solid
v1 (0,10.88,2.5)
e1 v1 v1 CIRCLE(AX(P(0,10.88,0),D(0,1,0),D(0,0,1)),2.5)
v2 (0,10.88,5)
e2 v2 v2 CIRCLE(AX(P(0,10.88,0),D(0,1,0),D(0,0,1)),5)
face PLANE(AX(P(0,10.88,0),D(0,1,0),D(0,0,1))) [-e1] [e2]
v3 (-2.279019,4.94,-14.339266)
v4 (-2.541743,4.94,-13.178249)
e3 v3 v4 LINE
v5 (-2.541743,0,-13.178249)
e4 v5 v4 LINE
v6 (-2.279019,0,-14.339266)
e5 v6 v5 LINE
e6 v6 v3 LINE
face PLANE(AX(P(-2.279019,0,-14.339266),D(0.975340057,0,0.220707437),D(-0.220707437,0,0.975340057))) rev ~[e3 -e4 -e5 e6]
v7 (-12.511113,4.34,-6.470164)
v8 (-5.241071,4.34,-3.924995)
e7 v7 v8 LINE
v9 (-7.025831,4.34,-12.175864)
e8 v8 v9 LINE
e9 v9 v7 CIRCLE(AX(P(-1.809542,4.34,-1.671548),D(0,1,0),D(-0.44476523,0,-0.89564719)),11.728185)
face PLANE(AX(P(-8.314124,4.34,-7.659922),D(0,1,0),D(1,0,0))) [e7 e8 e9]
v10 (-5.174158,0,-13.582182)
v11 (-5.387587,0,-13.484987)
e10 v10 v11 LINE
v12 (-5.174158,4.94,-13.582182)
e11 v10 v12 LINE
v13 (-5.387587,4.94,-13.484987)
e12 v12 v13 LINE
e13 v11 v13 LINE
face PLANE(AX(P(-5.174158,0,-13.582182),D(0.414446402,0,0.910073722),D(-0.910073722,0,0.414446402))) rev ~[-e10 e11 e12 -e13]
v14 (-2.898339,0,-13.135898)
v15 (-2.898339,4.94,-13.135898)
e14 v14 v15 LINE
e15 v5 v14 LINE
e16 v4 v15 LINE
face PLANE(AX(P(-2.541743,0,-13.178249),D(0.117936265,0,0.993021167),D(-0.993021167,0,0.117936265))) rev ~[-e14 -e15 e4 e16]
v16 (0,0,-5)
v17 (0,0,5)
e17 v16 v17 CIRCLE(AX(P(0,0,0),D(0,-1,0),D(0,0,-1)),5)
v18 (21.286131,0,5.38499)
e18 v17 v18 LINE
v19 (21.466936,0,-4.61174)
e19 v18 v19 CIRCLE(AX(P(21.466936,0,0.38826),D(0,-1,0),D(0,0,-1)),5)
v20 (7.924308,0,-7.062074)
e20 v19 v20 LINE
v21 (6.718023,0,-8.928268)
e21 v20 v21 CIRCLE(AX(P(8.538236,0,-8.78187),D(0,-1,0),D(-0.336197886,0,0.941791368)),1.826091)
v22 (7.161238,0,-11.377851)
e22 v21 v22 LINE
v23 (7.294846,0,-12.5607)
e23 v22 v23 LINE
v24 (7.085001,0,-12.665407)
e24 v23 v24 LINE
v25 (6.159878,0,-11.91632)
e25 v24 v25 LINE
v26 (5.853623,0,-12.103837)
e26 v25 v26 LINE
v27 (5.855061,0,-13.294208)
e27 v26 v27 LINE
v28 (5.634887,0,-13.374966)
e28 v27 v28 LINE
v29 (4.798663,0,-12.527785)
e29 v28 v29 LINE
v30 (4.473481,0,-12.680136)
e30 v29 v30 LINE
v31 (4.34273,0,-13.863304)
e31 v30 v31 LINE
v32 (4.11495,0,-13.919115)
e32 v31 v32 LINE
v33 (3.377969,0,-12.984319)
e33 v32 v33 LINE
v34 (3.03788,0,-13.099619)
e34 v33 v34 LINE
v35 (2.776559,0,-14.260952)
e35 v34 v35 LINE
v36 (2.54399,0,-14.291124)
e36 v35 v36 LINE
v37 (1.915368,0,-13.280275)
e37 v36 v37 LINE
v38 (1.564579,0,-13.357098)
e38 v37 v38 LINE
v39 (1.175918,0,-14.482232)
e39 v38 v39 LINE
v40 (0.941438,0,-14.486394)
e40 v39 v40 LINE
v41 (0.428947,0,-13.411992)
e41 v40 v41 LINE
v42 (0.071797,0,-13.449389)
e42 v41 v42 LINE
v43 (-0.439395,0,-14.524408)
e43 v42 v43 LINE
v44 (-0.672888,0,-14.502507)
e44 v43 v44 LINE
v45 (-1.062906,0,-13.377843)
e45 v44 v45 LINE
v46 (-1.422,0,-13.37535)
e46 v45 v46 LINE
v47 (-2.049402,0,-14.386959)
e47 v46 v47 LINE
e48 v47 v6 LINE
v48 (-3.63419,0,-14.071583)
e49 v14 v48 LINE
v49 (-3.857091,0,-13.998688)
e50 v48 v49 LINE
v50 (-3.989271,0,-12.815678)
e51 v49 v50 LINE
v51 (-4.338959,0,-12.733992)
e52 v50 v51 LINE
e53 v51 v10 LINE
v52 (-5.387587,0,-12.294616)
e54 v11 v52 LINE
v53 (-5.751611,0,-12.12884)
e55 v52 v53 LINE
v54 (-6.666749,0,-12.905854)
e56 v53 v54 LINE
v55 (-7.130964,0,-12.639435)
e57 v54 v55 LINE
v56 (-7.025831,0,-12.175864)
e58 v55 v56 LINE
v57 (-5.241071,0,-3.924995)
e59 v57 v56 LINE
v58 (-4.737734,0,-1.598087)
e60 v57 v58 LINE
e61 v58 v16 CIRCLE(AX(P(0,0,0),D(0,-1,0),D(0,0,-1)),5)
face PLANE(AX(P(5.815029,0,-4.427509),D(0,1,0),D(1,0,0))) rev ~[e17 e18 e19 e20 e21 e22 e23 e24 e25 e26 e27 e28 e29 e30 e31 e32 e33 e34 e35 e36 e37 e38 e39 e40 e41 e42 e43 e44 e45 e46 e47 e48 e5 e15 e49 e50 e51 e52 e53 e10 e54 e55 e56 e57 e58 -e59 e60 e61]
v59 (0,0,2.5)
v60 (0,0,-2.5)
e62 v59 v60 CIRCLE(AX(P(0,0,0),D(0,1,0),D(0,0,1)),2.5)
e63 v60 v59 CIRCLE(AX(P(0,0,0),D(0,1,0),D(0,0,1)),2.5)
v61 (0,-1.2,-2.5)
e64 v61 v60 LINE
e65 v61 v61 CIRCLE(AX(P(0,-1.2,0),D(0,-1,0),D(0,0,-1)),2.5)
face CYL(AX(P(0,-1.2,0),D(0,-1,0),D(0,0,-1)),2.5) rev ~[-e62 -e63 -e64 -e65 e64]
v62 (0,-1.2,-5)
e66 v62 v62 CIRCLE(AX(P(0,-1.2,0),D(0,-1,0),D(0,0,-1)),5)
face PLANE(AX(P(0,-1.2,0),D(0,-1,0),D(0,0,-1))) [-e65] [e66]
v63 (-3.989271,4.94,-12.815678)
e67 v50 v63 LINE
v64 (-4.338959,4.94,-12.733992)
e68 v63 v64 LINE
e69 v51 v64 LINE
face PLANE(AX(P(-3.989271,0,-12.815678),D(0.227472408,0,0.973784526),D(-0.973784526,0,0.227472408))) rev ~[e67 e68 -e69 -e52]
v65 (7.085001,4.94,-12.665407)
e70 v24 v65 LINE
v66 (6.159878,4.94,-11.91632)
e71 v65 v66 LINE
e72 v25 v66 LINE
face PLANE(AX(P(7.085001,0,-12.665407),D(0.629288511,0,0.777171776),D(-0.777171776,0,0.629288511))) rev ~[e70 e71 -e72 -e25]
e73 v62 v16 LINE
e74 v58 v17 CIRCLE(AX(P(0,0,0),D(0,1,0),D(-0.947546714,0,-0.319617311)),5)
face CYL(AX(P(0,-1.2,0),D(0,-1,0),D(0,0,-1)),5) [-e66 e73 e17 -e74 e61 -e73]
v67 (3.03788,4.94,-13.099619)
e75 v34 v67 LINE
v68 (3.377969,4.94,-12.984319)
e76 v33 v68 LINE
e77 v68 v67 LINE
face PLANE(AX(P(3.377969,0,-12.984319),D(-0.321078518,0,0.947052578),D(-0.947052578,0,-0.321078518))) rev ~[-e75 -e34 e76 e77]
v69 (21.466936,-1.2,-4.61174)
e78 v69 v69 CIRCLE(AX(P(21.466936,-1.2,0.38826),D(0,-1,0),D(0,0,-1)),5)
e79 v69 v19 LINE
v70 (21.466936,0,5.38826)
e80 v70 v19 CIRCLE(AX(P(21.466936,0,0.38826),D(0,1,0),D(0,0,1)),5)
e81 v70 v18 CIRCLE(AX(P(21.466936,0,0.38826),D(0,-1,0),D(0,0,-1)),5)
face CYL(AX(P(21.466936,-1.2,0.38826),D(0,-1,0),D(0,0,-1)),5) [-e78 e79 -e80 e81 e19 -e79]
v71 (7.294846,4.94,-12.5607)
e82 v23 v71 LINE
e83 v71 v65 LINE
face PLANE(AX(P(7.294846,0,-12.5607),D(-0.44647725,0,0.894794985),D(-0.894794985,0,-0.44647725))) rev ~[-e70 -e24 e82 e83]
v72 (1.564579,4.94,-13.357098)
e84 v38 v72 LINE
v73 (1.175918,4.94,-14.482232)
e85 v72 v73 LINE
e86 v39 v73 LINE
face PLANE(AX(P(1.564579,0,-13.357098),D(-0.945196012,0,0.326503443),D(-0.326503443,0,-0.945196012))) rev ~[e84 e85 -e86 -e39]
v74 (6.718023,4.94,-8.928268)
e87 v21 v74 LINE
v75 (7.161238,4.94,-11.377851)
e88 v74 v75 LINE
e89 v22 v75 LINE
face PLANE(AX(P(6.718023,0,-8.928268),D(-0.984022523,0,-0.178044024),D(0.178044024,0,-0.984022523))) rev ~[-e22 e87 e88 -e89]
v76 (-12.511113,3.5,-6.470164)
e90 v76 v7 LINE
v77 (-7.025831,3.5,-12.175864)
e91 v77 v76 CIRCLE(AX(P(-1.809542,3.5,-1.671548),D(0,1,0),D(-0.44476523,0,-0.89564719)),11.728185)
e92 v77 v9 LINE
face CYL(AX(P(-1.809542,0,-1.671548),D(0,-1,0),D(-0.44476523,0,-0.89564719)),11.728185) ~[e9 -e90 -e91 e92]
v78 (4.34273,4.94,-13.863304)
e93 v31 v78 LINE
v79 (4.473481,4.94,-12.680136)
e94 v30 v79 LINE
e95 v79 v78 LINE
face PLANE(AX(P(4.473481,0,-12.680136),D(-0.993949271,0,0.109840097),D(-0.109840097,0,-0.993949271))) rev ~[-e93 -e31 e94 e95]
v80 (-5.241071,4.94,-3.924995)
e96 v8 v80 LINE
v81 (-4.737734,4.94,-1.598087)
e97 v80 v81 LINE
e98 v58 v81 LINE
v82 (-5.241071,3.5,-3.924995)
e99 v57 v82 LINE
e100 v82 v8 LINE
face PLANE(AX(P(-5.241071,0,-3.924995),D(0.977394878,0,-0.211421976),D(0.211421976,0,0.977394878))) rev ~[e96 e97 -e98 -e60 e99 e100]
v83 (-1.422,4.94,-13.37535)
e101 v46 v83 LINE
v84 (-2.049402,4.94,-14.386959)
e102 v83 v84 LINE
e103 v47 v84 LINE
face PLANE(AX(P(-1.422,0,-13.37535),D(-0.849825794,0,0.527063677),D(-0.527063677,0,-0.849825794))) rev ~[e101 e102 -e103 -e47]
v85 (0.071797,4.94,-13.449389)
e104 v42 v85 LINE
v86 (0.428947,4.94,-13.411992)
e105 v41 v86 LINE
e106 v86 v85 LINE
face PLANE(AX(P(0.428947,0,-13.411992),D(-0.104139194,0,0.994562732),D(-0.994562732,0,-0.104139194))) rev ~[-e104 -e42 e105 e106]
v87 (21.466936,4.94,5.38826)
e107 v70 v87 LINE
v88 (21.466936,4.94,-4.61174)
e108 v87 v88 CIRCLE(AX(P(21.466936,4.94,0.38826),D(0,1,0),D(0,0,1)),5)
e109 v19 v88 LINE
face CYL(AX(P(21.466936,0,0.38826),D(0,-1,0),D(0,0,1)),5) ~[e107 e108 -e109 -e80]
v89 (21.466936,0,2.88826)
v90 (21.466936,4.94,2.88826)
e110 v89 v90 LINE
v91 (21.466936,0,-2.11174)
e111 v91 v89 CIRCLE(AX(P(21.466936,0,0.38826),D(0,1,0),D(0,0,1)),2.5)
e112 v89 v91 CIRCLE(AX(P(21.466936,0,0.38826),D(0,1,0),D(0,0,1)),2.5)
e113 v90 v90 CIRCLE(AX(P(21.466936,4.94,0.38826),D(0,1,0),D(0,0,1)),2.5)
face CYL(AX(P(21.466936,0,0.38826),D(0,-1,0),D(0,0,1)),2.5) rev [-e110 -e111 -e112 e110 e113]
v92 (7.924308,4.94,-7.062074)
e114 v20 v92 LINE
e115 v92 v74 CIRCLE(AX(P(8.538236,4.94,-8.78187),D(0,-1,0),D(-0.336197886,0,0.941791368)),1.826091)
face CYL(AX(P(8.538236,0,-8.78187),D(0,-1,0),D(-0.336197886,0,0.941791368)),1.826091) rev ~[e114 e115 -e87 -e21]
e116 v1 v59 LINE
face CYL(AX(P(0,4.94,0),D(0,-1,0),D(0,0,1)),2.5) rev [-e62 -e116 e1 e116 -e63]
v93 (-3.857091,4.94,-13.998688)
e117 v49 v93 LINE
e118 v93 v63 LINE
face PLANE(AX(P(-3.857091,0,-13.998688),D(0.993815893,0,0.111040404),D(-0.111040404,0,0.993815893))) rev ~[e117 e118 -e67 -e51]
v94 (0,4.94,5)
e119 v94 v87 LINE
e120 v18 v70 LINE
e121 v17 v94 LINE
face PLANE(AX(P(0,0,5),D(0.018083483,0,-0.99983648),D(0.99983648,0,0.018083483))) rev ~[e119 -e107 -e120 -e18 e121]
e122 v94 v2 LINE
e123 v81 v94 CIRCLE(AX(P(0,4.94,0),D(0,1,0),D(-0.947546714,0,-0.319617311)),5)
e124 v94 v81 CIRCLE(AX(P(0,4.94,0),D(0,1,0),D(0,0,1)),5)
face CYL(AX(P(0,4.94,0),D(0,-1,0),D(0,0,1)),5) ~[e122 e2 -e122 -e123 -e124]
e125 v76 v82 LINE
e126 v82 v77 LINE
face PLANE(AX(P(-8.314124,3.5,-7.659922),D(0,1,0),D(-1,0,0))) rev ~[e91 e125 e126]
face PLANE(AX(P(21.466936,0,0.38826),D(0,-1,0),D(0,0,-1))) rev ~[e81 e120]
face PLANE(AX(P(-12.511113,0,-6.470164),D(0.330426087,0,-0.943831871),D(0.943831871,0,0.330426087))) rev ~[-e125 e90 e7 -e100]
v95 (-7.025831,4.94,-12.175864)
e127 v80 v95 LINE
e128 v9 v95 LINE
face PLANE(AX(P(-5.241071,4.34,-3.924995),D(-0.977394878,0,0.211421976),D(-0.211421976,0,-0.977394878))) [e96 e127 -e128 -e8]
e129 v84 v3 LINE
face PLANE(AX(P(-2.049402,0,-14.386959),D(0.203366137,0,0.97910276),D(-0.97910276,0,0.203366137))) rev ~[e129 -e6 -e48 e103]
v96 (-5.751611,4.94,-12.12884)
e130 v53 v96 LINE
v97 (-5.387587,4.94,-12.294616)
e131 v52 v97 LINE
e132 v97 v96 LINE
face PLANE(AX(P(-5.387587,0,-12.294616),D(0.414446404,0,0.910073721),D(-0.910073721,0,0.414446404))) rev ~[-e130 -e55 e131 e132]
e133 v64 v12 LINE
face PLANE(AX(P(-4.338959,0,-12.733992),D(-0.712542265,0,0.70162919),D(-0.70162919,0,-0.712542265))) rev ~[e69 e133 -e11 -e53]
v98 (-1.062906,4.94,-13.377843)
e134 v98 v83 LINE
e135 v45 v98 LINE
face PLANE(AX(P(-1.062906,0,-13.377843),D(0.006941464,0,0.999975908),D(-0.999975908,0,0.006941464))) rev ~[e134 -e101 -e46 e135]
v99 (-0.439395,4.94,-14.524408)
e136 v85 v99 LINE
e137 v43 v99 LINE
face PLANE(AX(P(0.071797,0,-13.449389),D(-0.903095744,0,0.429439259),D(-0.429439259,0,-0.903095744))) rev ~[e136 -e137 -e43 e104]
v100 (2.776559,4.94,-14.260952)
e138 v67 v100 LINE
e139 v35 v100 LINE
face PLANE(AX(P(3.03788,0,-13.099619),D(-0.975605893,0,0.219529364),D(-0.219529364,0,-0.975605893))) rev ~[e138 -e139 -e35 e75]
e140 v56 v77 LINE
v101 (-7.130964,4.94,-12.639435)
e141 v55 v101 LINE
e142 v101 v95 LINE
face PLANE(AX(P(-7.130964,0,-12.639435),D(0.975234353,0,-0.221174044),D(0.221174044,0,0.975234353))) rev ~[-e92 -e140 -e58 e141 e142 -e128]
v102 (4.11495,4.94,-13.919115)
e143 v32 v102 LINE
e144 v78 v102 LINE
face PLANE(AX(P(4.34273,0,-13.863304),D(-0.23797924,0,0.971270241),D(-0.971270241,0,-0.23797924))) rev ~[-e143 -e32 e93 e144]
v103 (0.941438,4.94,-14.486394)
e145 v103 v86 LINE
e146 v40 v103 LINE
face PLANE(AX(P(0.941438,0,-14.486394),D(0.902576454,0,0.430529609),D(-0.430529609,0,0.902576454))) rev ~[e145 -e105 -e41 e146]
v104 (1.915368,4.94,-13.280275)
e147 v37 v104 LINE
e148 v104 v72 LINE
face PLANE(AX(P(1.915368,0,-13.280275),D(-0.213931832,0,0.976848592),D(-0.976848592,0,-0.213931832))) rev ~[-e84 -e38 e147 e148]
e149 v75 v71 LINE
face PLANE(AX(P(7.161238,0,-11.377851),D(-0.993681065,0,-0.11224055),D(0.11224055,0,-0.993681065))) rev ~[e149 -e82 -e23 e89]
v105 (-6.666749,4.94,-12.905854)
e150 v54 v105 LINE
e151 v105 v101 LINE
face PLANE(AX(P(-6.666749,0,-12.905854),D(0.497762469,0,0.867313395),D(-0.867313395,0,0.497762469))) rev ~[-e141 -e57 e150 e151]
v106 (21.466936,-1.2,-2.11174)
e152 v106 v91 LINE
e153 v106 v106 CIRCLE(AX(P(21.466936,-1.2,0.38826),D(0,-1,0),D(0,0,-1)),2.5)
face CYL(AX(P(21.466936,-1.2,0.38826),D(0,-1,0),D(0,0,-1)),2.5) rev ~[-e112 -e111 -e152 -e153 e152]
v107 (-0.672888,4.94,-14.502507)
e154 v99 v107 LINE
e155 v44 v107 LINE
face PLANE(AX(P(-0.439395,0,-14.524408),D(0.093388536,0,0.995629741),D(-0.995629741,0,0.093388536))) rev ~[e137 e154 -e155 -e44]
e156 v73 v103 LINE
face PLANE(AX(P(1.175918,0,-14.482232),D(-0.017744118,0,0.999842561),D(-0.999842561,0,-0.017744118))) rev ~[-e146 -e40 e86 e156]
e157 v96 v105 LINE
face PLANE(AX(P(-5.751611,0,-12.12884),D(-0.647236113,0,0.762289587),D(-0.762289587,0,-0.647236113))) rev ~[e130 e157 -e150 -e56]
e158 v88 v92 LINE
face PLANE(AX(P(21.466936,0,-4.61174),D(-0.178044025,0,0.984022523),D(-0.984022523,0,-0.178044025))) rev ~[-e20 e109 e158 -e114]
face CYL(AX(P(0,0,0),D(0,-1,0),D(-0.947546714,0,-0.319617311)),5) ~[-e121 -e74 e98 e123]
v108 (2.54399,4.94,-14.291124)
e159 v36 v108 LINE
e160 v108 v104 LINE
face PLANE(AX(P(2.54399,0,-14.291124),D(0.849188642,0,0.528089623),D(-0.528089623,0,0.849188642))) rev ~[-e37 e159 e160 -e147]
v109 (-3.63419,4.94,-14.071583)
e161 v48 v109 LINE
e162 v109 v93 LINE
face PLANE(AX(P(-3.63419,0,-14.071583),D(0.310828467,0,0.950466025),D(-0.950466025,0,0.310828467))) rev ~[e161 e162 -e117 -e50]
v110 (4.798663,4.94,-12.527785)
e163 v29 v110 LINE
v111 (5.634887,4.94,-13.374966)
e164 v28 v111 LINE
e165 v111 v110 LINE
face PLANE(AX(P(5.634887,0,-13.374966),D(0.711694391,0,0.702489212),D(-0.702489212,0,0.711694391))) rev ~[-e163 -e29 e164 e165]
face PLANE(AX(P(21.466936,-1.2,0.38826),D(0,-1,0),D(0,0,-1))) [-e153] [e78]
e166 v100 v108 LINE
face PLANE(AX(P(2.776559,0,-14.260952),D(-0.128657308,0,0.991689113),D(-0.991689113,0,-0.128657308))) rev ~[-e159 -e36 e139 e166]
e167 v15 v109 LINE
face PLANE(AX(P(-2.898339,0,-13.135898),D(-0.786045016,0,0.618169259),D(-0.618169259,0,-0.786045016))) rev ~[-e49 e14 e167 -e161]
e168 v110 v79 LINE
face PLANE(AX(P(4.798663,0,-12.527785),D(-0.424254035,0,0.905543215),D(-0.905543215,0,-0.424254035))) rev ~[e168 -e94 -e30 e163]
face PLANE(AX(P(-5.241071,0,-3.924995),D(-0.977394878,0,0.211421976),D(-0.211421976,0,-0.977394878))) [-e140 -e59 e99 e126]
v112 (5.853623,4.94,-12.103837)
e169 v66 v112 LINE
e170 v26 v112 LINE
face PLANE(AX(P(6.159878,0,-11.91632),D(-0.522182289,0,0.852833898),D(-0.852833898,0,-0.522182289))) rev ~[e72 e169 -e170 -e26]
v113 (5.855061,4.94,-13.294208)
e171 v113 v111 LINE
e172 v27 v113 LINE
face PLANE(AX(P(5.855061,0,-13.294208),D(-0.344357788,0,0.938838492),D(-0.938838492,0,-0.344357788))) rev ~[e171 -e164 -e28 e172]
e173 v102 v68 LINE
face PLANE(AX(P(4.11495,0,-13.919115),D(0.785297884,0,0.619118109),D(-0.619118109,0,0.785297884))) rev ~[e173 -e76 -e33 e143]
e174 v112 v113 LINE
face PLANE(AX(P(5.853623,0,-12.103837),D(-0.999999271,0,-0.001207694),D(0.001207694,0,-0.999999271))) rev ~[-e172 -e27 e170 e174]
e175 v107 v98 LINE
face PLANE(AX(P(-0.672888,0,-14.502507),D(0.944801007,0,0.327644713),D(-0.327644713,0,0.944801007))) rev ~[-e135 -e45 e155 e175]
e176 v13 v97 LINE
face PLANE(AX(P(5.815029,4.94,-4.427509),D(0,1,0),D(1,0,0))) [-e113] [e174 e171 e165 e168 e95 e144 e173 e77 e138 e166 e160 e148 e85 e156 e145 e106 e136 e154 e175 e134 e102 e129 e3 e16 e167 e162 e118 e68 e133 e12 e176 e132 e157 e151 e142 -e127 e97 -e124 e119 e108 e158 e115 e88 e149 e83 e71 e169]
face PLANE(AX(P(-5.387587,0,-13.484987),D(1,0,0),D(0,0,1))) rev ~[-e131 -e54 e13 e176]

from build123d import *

# Parameters (mm, degrees)
SKETCH_1_R          = 2.5
EXTRUDE_1_DEPTH     = 4.94
SKETCH_2_R          = 5
SKETCH_2_R_2        = 2.5
EXTRUDE_2_DEPTH     = 5.94
CUT_EXTRUDE_1_DEPTH = 3.5
CUT_EXTRUDE_START   = -0.6
CUT_EXTRUDE_3_DEPTH = 0.6
EXTRUDE_START       = 1.2
SKETCH_6_R          = 5
SKETCH_6_R_2        = 2.5
EXTRUDE_4_DEPTH     = 1.2


with BuildPart() as part:
    # Эскиз1 → Бобышка-Вытянуть1 (new body)
    with BuildSketch(Plane(origin=(0, 0, 0), x_dir=(1, 0, 0), z_dir=(0, 1, 0))):
        with BuildLine():
            Line((6.718023265, 8.928267668), (7.161238337, 11.377850658))
            Line((7.161238337, 11.377850658), (7.294846289, 12.560700282))
            Line((7.294846289, 12.560700282), (7.085001061, 12.665407083))
            Line((7.085001061, 12.665407083), (6.159877925, 11.916319971))
            Line((6.159877925, 11.916319971), (5.853623131, 12.103836942))
            Line((5.853623131, 12.103836942), (5.855060736, 13.294207578))
            Line((5.855060736, 13.294207578), (5.634886529, 13.374965561))
            Line((5.634886529, 13.374965561), (4.798663389, 12.527784838))
            Line((4.798663389, 12.527784838), (4.473480547, 12.680135527))
            Line((4.473480547, 12.680135527), (4.342730025, 13.863304415))
            Line((4.342730025, 13.863304415), (4.114949999, 13.91911475))
            Line((4.114949999, 13.91911475), (3.377969444, 12.984318527))
            Line((3.377969444, 12.984318527), (3.037880485, 13.099618629))
            Line((3.037880485, 13.099618629), (2.776558986, 14.260952083))
            Line((2.776558986, 14.260952083), (2.543990375, 14.291124494))
            Line((2.543990375, 14.291124494), (1.915367537, 13.280274533))
            Line((1.915367537, 13.280274533), (1.564578755, 13.357097991))
            Line((1.564578755, 13.357097991), (1.17591836, 14.48223239))
            Line((1.17591836, 14.48223239), (0.941437621, 14.486393699))
            Line((0.941437621, 14.486393699), (0.428947442, 13.411992407))
            Line((0.428947442, 13.411992407), (0.071797468, 13.449389053))
            Line((0.071797468, 13.449389053), (-0.439394788, 14.524408492))
            Line((-0.439394788, 14.524408492), (-0.672887547, 14.502507231))
            Line((-0.672887547, 14.502507231), (-1.062906477, 13.377843036))
            Line((-1.062906477, 13.377843036), (-1.422000336, 13.375350339))
            Line((-1.422000336, 13.375350339), (-2.049401918, 14.386958748))
            Line((-2.049401918, 14.386958748), (-2.279018808, 14.339265797))
            Line((-2.279018808, 14.339265797), (-2.541742652, 13.178248786))
            Line((-2.541742652, 13.178248786), (-2.898339046, 13.135897577))
            Line((-2.898339046, 13.135897577), (-3.634190116, 14.071583165))
            Line((-3.634190116, 14.071583165), (-3.857091185, 13.9986884))
            Line((-3.857091185, 13.9986884), (-3.989270518, 12.815678281))
            Line((-3.989270518, 12.815678281), (-4.338958987, 12.733992368))
            Line((-4.338958987, 12.733992368), (-5.174158381, 13.582182376))
            Line((-5.174158381, 13.582182376), (-5.387586742, 13.484987375))
            Line((-5.387586742, 13.484987375), (-5.387586742, 12.294615871))
            Line((-5.387586742, 12.294615871), (-5.751610974, 12.128839703))
            Line((-5.751610974, 12.128839703), (-6.666748566, 12.905854249))
            Line((-6.666748566, 12.905854249), (-7.130964404, 12.639434725))
            Line((-7.130964404, 12.639434725), (-7.025830917, 12.175864107))
            ThreePointArc((-7.025830917, 12.175864107), (-10.264322646, 9.799709596), (-12.511112532, 6.470163958))
            Line((-12.511112532, 6.470163958), (-5.24107122, 3.924995297))
            Line((-5.24107122, 3.924995297), (-4.737733568, 1.598086557))
            ThreePointArc((-4.737733568, 1.598086557), (-4.061430338, -2.916296214), (0, -5))
            Line((0, -5), (21.466935896, -5.388260462))
            ThreePointArc((21.466935896, -5.388260462), (26.466935896, -0.388260462), (21.466935896, 4.611739538))
            Line((21.466935896, 4.611739538), (7.924308406, 7.062073596))
            ThreePointArc((7.924308406, 7.062073596), (7.004635762, 7.790569444), (6.718023265, 8.928267668))
        make_face()
        with Locations(Location((21.466935896, -0.388260462, 0), (0, 0, 270))):
            Circle(SKETCH_1_R, mode=Mode.SUBTRACT)
        with Locations(Location((0, 0, 0), (0, 0, 270))):
            Circle(SKETCH_1_R, mode=Mode.SUBTRACT)
    extrude(amount=EXTRUDE_1_DEPTH)

    # Эскиз2 → Бобышка-Вытянуть2 (add)
    with BuildSketch(Plane(origin=(0, 4.94, 0), x_dir=(1, 0, 0), z_dir=(0, 1, 0))):
        with Locations(Location((0, 0, 0), (0, 0, 270))):
            Circle(SKETCH_2_R)
        with Locations(Location((0, 0, 0), (0, 0, 270))):
            Circle(SKETCH_2_R_2, mode=Mode.SUBTRACT)
    extrude(amount=EXTRUDE_2_DEPTH)

    # Эскиз4 → Вырез-Вытянуть1 (cut)
    with BuildSketch(Plane.XZ):
        with BuildLine():
            Line((-5.24107122, -3.924995297), (-7.025830917, -12.175864107))
            ThreePointArc((-7.025830917, -12.175864107), (-10.264322646, -9.799709596), (-12.511112532, -6.470163958))
            Line((-12.511112532, -6.470163958), (-5.24107122, -3.924995297))
        make_face()
    extrude(amount=-CUT_EXTRUDE_1_DEPTH, mode=Mode.SUBTRACT)

    # Эскиз5 → Вырез-Вытянуть3 (cut)
    with BuildSketch(Plane(origin=(0, 4.94, 0), x_dir=(1, 0, 0), z_dir=(0, 1, 0)).offset(CUT_EXTRUDE_START)):
        with BuildLine():
            Line((-5.24107122, 3.924995297), (-7.025830917, 12.175864107))
            ThreePointArc((-7.025830917, 12.175864107), (-10.264322646, 9.799709596), (-12.511112532, 6.470163958))
            Line((-12.511112532, 6.470163958), (-5.24107122, 3.924995297))
        make_face()
    extrude(amount=CUT_EXTRUDE_3_DEPTH, mode=Mode.SUBTRACT)

    # Эскиз6 → Бобышка-Вытянуть4 (add)
    # profile 1 of 2: a face of its own
    with BuildSketch(Plane.XZ.offset(EXTRUDE_START)):
        with Locations(Location((0, 0, 0), (0, 0, 270))):
            Circle(SKETCH_6_R)
        with Locations(Location((0, 0, 0), (0, 0, 270))):
            Circle(SKETCH_6_R_2, mode=Mode.SUBTRACT)
    # profile 2 of 2: a face of its own
    with BuildSketch(Plane.XZ.offset(EXTRUDE_START)):
        with Locations(Location((21.466935896, 0.388260462, 0), (0, 0, 270))):
            Circle(SKETCH_6_R)
        with Locations(Location((21.466935896, 0.388260462, 0), (0, 0, 270))):
            Circle(SKETCH_6_R_2, mode=Mode.SUBTRACT)
    extrude(amount=-EXTRUDE_4_DEPTH)


solid = part.part
